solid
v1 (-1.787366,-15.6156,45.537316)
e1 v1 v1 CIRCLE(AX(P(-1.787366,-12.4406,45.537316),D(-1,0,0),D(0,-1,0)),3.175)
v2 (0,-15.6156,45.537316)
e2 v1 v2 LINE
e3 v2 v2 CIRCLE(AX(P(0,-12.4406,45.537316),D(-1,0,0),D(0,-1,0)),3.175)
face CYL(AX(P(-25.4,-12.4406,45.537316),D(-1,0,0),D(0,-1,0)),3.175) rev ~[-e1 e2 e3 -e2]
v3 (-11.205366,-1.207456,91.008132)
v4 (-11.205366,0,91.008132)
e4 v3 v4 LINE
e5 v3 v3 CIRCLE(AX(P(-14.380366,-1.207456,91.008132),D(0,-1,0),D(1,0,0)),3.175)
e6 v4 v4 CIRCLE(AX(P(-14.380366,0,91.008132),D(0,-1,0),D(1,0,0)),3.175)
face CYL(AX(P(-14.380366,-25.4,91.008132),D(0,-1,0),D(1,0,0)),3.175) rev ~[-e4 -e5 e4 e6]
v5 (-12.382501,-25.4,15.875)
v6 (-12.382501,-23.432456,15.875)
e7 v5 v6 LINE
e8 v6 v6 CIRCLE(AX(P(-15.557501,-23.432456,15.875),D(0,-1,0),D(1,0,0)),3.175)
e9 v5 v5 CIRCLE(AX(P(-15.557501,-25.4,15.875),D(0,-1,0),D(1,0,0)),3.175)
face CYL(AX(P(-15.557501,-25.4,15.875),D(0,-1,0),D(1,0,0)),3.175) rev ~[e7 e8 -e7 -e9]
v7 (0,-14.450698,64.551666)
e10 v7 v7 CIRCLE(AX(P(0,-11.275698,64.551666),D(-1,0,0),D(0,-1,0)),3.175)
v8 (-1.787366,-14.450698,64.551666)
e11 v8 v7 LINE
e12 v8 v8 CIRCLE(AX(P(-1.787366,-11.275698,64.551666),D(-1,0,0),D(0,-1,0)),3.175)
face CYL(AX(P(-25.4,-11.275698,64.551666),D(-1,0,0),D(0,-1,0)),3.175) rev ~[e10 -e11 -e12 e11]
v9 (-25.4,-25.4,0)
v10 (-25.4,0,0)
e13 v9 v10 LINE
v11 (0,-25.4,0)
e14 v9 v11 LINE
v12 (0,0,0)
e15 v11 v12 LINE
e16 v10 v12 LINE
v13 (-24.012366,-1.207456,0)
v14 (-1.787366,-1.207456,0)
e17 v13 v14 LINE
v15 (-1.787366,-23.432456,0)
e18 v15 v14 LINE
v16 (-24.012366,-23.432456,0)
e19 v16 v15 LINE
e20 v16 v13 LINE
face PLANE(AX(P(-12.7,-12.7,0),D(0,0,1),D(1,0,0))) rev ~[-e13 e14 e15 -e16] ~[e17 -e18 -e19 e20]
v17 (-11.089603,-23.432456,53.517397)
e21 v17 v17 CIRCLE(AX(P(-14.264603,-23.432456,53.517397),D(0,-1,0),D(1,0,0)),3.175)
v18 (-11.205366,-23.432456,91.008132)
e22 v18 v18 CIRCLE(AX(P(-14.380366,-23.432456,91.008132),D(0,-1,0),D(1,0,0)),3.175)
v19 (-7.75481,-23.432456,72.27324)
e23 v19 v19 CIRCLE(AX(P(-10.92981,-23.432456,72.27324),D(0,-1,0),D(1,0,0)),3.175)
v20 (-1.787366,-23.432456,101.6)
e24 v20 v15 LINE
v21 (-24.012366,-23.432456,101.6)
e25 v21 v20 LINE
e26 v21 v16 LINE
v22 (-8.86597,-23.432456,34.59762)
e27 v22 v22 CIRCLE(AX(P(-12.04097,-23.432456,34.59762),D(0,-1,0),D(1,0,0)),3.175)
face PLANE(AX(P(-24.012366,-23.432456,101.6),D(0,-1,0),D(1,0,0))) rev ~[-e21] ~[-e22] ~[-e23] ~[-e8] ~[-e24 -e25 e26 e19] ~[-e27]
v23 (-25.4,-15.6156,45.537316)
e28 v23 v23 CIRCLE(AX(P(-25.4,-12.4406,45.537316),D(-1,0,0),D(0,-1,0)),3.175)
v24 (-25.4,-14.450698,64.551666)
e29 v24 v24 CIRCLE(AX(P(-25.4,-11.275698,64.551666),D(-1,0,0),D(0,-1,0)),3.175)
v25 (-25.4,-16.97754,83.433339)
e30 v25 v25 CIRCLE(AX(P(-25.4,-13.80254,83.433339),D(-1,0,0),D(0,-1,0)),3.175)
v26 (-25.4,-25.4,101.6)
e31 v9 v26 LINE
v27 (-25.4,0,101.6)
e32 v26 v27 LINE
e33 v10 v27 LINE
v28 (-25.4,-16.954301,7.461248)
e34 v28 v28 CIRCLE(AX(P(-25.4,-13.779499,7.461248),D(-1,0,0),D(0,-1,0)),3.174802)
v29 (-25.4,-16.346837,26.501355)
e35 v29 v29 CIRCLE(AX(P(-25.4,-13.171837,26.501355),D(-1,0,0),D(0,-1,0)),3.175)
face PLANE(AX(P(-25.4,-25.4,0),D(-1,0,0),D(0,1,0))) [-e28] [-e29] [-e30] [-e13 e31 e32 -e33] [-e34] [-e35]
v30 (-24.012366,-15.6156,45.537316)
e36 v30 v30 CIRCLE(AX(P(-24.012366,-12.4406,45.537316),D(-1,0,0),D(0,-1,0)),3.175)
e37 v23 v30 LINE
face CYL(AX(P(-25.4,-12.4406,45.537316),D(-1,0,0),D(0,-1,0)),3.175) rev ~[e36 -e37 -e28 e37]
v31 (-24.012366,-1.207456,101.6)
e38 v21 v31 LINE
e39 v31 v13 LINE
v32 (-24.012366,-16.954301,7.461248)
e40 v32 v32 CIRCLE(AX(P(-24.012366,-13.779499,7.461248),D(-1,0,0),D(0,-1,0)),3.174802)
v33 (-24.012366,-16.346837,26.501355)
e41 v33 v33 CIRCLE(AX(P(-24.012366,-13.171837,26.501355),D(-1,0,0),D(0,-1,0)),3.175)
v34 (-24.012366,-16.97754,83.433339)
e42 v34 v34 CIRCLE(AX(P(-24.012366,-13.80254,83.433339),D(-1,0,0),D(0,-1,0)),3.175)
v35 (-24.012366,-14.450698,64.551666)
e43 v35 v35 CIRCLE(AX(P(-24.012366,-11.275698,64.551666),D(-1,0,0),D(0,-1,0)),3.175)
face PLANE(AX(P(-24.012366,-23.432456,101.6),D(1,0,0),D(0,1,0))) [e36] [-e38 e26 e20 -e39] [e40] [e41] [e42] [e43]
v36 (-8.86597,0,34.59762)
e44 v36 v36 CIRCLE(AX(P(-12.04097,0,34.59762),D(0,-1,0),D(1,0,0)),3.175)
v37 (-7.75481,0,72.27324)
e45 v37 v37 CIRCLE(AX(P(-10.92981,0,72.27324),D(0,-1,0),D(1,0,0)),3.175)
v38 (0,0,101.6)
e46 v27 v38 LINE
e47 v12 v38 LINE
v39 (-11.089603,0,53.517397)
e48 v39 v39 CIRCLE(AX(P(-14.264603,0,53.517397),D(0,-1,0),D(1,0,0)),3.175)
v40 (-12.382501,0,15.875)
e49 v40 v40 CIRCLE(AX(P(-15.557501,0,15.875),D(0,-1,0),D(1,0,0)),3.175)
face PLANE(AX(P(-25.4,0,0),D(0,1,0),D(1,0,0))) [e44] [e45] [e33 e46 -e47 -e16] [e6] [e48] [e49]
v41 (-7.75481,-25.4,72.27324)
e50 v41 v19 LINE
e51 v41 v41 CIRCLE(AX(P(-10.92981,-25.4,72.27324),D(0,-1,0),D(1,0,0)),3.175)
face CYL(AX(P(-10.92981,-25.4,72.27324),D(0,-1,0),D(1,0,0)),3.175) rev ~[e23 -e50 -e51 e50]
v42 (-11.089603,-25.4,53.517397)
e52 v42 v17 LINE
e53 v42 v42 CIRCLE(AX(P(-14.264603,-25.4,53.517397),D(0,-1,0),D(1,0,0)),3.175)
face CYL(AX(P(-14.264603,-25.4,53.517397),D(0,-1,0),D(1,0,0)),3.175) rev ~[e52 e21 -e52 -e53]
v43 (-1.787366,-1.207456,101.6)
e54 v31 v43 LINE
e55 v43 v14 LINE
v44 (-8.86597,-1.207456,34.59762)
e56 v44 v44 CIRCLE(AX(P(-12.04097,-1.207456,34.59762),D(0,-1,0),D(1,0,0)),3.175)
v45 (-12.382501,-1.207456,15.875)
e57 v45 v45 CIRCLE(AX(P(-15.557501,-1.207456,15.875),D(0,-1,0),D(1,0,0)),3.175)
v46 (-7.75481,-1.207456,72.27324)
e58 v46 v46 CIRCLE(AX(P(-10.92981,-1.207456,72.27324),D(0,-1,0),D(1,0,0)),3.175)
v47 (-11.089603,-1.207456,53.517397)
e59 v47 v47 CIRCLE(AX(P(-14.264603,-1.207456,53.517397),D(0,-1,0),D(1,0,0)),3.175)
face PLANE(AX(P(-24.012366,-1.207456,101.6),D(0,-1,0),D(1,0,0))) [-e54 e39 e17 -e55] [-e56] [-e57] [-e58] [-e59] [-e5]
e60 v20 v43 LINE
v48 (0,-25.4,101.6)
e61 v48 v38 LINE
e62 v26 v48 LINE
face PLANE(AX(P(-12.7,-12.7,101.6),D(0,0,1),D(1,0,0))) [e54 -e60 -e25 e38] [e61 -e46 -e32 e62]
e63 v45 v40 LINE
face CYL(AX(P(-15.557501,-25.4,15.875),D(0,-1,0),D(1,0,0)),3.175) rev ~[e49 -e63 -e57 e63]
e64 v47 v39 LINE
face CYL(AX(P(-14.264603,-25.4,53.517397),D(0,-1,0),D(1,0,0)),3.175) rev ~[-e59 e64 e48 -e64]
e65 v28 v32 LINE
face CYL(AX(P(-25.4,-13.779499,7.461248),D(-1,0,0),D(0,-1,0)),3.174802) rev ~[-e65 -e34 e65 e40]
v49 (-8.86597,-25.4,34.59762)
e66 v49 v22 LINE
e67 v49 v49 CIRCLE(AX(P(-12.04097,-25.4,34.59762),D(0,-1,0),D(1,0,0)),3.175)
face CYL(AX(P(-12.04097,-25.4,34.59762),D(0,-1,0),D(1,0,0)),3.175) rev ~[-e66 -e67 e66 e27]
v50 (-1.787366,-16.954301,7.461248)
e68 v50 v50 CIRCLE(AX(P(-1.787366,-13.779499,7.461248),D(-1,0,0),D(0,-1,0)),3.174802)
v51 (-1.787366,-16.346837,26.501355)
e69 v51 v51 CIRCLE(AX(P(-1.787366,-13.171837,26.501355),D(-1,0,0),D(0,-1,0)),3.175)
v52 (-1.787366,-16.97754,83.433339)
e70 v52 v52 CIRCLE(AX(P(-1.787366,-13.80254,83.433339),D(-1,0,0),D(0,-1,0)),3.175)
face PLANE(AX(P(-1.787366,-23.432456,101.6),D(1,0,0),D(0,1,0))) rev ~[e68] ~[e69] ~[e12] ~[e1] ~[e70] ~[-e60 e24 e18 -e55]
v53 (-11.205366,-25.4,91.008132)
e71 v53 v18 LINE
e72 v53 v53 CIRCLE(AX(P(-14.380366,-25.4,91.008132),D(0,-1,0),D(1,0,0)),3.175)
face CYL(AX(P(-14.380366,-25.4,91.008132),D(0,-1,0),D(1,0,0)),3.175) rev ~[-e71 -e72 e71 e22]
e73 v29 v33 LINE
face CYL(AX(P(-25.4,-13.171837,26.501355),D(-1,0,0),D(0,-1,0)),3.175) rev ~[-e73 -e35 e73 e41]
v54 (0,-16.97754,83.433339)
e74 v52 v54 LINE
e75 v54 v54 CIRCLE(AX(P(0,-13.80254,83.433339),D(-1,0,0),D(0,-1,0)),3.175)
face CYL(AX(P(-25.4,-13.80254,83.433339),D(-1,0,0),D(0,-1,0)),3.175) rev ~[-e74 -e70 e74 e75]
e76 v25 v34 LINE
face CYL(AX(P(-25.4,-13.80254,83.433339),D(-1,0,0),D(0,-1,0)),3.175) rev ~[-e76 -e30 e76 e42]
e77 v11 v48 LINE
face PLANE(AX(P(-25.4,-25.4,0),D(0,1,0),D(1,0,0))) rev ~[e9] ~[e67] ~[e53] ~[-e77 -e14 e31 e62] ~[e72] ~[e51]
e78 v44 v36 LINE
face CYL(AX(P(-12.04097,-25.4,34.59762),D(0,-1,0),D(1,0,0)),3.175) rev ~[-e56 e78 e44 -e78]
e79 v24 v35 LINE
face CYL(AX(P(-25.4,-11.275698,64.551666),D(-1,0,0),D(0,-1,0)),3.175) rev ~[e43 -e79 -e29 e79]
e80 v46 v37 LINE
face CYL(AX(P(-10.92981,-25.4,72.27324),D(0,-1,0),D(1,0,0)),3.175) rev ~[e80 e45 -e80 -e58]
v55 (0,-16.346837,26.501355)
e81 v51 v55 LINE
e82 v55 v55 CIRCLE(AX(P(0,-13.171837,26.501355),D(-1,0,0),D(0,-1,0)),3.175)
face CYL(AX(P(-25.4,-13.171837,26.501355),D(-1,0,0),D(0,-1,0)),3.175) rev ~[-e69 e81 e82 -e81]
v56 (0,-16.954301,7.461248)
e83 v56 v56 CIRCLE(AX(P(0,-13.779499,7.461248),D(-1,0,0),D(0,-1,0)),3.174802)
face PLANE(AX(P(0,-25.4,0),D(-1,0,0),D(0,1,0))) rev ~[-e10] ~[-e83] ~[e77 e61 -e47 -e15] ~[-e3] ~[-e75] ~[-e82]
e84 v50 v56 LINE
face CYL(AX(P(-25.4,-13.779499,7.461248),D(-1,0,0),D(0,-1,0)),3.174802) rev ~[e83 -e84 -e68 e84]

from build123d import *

# Parameters (mm, degrees)
F0_W      = 25.4
F0_H      = 25.4
F1_DEPTH  = 101.6
F2_W      = 22.225
F2_H      = 22.225
F3_DEPTH  = 101.6
F4_R      = 3.174802
F5_DEPTH  = 25.4
F6_R      = 3.175
F7_DEPTH  = 25.4
F8_R      = 3.175
F9_DEPTH  = 25.4
F10_R     = 3.175
F11_DEPTH = 25.4
F12_R     = 3.175
F13_DEPTH = 25.4
F14_R     = 3.175
F15_DEPTH = 25.4
F16_R     = 3.175
F17_DEPTH = 25.4
F18_R     = 3.175
F19_DEPTH = 25.4
F20_R     = 3.175
F21_DEPTH = 25.4
F22_R     = 3.175
F23_DEPTH = 25.4


with BuildPart() as f1:
    # F0 (on Top) → F1 (new body)
    with BuildSketch(Plane.XY):
        with Locations((-12.7, -12.7)):
            Rectangle(F0_W, F0_H)
    extrude(amount=F1_DEPTH)

    # F2 (on face) → F3 (cut)
    with BuildSketch(Plane.XY.offset(101.6)):
        with Locations((-12.899866, -12.319956)):
            Rectangle(F2_W, F2_H)
    extrude(amount=-F3_DEPTH, mode=Mode.SUBTRACT)

    # F4 (on face) → F5 (cut)
    with BuildSketch(Plane(origin=(-25.4, 0, 0), x_dir=(0, -1, 0), z_dir=(-1, 0, 0))):
        with Locations((13.779499, 7.461248)):
            Circle(F4_R)
    extrude(amount=-F5_DEPTH, mode=Mode.SUBTRACT)

    # F6 (on face) → F7 (cut)
    with BuildSketch(Plane(origin=(-25.4, 0, 0), x_dir=(0, -1, 0), z_dir=(-1, 0, 0))):
        with Locations((13.171837, 26.501355)):
            Circle(F6_R)
    extrude(amount=-F7_DEPTH, mode=Mode.SUBTRACT)

    # F8 (on face) → F9 (cut)
    with BuildSketch(Plane(origin=(-25.4, 0, 0), x_dir=(0, -1, 0), z_dir=(-1, 0, 0))):
        with Locations((12.4406, 45.537316)):
            Circle(F8_R)
    extrude(amount=-F9_DEPTH, mode=Mode.SUBTRACT)

    # F10 (on face) → F11 (cut)
    with BuildSketch(Plane(origin=(-25.4, 0, 0), x_dir=(0, -1, 0), z_dir=(-1, 0, 0))):
        with Locations((11.275698, 64.551666)):
            Circle(F10_R)
    extrude(amount=-F11_DEPTH, mode=Mode.SUBTRACT)

    # F12 (on face) → F13 (cut)
    with BuildSketch(Plane(origin=(-25.4, 0, 0), x_dir=(0, -1, 0), z_dir=(-1, 0, 0))):
        with Locations((13.80254, 83.433339)):
            Circle(F12_R)
    extrude(amount=-F13_DEPTH, mode=Mode.SUBTRACT)

    # F14 (on face) → F15 (cut)
    with BuildSketch(Plane.XZ.offset(25.4)):
        with Locations((-15.557501, 15.875)):
            Circle(F14_R)
    extrude(amount=-F15_DEPTH, mode=Mode.SUBTRACT)

    # F16 (on face) → F17 (cut)
    with BuildSketch(Plane.XZ.offset(25.4)):
        with Locations((-12.04097, 34.59762)):
            Circle(F16_R)
    extrude(amount=-F17_DEPTH, mode=Mode.SUBTRACT)

    # F18 (on face) → F19 (cut)
    with BuildSketch(Plane.XZ.offset(25.4)):
        with Locations((-14.264603, 53.517397)):
            Circle(F18_R)
    extrude(amount=-F19_DEPTH, mode=Mode.SUBTRACT)

    # F20 (on face) → F21 (cut)
    with BuildSketch(Plane.XZ.offset(25.4)):
        with Locations((-10.92981, 72.27324)):
            Circle(F20_R)
    extrude(amount=-F21_DEPTH, mode=Mode.SUBTRACT)

    # F22 (on face) → F23 (cut)
    with BuildSketch(Plane.XZ.offset(25.4)):
        with Locations((-14.380366, 91.008132)):
            Circle(F22_R)
    extrude(amount=-F23_DEPTH, mode=Mode.SUBTRACT)


solid = f1.part
